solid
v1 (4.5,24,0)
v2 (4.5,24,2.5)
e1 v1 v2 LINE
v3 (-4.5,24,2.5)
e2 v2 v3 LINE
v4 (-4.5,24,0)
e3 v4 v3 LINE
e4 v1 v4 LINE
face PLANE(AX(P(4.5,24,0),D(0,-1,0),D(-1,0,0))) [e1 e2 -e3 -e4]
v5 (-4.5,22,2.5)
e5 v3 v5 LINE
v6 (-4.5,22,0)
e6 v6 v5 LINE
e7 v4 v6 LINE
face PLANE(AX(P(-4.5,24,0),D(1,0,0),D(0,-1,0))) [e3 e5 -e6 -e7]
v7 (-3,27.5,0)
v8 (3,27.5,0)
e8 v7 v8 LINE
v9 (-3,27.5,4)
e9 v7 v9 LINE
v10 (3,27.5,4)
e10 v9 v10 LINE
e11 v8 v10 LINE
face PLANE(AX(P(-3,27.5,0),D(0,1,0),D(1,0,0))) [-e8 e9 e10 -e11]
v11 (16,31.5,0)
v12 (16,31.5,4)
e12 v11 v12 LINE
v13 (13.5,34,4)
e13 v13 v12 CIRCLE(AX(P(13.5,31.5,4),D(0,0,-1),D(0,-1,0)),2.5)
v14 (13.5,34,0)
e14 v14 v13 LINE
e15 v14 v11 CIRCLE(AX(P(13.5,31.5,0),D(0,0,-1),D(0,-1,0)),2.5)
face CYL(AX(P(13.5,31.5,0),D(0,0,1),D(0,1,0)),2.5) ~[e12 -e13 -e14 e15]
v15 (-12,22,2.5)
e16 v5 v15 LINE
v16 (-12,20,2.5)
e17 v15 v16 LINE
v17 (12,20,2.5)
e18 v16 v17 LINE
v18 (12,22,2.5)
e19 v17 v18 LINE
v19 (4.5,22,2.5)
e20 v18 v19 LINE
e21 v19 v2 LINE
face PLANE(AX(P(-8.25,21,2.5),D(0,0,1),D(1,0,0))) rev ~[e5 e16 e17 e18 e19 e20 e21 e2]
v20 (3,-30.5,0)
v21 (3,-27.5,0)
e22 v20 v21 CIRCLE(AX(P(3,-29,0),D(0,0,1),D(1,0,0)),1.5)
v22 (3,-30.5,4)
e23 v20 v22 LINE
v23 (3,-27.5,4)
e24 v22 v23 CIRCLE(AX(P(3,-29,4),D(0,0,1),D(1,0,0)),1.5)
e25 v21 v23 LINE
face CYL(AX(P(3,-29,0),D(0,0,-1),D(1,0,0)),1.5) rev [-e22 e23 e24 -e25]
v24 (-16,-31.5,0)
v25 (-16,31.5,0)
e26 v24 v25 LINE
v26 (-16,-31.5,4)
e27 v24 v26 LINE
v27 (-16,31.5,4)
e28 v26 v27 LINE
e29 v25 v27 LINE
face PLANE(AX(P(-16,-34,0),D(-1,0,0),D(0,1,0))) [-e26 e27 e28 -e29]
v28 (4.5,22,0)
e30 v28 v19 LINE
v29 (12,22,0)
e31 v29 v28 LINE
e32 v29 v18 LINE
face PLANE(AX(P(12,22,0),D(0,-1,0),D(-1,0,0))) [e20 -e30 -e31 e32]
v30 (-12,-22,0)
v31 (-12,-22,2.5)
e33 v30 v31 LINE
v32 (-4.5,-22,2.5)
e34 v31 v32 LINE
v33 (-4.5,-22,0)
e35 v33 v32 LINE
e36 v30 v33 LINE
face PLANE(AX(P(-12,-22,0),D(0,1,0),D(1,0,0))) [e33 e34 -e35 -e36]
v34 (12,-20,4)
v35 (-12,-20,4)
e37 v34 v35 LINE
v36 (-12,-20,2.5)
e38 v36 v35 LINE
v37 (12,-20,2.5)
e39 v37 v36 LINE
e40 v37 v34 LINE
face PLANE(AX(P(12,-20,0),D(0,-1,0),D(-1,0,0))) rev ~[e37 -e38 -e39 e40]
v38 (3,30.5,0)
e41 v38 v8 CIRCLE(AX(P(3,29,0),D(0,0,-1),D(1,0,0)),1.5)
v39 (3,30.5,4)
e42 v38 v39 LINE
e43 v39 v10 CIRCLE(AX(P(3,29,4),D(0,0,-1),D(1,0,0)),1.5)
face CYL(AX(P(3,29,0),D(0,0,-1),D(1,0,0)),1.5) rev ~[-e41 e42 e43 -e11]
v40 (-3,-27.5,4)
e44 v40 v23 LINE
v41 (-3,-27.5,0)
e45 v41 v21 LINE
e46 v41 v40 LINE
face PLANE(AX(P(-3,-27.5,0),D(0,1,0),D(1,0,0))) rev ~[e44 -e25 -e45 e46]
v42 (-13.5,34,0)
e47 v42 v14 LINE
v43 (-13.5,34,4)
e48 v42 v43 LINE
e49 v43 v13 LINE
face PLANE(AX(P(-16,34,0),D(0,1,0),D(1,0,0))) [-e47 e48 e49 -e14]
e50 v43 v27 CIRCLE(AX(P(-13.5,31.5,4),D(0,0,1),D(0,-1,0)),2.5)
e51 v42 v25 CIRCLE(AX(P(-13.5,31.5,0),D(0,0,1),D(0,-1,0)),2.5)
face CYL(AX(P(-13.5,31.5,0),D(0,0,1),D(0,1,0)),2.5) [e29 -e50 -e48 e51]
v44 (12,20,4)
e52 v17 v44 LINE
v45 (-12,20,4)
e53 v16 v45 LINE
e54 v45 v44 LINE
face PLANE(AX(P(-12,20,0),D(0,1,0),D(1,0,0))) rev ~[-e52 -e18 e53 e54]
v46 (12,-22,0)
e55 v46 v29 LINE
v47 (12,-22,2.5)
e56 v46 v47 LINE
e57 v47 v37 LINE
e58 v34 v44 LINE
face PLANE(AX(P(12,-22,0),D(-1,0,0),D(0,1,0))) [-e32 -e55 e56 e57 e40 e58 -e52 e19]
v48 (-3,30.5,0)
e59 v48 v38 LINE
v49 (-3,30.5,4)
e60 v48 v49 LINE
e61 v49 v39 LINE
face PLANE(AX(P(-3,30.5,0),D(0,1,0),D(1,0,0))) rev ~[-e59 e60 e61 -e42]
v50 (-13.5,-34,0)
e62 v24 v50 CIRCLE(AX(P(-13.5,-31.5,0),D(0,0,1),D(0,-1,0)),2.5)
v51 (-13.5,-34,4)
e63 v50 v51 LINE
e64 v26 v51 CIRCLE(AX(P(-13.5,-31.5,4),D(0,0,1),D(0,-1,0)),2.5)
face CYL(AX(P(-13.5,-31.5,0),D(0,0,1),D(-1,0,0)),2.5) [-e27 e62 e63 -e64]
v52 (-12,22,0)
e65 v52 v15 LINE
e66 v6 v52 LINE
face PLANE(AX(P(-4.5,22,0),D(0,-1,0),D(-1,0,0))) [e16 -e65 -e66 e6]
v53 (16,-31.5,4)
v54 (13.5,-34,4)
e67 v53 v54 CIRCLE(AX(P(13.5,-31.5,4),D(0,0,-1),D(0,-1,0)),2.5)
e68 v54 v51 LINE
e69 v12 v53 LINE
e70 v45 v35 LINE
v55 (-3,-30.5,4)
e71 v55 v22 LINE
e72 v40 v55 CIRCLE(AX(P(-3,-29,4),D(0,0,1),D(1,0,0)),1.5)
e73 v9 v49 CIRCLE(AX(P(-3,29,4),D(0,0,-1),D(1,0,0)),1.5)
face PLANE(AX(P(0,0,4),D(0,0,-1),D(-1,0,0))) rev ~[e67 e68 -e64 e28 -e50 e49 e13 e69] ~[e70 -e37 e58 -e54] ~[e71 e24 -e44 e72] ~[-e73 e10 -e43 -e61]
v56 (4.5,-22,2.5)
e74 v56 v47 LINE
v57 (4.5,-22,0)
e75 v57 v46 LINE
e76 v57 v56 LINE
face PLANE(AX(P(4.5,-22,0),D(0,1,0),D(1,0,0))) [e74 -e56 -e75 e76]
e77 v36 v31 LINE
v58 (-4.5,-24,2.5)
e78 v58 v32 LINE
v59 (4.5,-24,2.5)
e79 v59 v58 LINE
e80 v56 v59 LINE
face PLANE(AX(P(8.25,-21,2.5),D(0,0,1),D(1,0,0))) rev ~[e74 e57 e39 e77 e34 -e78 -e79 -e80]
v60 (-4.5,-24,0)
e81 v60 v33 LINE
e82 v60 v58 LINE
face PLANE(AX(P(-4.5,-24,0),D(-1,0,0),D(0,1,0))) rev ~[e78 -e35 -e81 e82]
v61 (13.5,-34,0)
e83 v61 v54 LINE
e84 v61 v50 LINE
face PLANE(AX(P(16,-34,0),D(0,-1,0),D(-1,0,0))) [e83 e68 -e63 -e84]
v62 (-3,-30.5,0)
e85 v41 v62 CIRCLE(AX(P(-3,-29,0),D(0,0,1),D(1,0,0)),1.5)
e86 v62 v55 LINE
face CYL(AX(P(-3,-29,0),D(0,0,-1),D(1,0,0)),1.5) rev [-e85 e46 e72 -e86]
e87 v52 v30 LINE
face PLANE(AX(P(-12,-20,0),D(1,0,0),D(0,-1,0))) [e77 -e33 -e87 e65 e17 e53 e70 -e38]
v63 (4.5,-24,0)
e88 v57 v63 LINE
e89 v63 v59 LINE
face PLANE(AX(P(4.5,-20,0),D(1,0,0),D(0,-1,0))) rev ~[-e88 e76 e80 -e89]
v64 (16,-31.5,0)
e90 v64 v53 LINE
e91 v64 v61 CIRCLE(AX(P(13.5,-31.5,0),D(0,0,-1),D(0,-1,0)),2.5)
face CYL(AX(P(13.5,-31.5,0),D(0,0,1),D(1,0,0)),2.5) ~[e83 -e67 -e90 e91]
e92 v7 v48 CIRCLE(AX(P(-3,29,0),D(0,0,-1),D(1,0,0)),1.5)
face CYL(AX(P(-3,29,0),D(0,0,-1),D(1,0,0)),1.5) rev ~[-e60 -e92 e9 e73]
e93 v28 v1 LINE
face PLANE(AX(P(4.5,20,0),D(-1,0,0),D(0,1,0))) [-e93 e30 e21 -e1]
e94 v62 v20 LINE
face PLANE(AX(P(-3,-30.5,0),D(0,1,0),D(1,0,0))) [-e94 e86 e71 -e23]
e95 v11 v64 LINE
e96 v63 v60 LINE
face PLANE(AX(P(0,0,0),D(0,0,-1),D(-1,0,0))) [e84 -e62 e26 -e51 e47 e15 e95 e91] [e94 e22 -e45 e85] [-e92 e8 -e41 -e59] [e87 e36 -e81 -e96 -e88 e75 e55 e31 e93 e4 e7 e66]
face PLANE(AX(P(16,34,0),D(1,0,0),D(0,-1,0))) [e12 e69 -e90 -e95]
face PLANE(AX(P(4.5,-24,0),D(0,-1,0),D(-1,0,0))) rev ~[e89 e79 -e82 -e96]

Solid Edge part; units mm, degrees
sketch "Sketch1" plane through (0, 0, 0) normal (0, 0, 1) x (1, 0, 0)
  line L0 (-16, 34) -> (16, 34)
  line L1 (16, 34) -> (16, -34)
  line L2 (16, -34) -> (-16, -34)
  line L3 (-16, -34) -> (-16, 34)
  line L4 (-3, 27.5) -> (3, 27.5)
  line L5 (-3, 30.5) -> (3, 30.5)
  arc A0 (3, 30.5) -> (3, 27.5) centre (3, 29) cw
  arc A1 (-3, 27.5) -> (-3, 30.5) centre (-3, 29) cw
  arc A2 (3, -30.5) -> (3, -27.5) centre (3, -29) ccw
  line L6 (-3, -27.5) -> (3, -27.5)
  arc A3 (-3, -27.5) -> (-3, -30.5) centre (-3, -29) ccw
  line L7 (-3, -30.5) -> (3, -30.5)
  line L8 (-12, 20) -> (12, 20)
  line L9 (12, -20) -> (12, 20)
  line L10 (12, -20) -> (-12, -20)
  line L11 (-12, 20) -> (-12, -20)
extrude "Protrusion1" add sketch "Sketch1" along normal blind 4
sketch "Sketch2" plane through (0, 0, 0) normal (0, 0, 1) x (1, 0, 0)
  line L0 (4.5, 24) -> (-4.5, 24)
  line L1 (-4.5, 24) -> (-4.5, 20)
  line L2 (-4.5, 20) -> (4.5, 20)
  line L3 (4.5, 20) -> (4.5, 24)
extrude "ExtrudedCutout_3" cut sketch "Sketch2" along normal blind 2.5
fillet "Round_2" radius 2.5 4 edges at (16, 34, 2) (-16, 34, 2) (-16, -34, 2) (16, -34, 2)
sketch "Sketch3" plane through (0, 0, 0) normal (0, 0, 1) x (1, 0, 0)
  line L0 (4.5, -24) -> (-4.5, -24)
  line L1 (-4.5, -24) -> (-4.5, -20)
  line L2 (-4.5, -20) -> (4.5, -20)
  line L3 (4.5, -20) -> (4.5, -24)
extrude "Cutout1" cut sketch "Sketch3" along normal up to vertex (2.5 mm away)
sketch "Sketch4" plane through (0, 0, 0) normal (0, 0, -1) x (-1, 0, 0)
  line L0 (4.5, 22) -> (12, 22)
  line L1 (12, 22) -> (12, 20)
  line L2 (12, 20) -> (4.5, 20)
  line L3 (4.5, 20) -> (4.5, 22)
  line L4 (-12, 22) -> (-4.5, 22)
  line L5 (-4.5, 22) -> (-4.5, 20)
  line L6 (-4.5, 20) -> (-12, 20)
  line L7 (-12, 20) -> (-12, 22)
  line L8 (12, -22) -> (4.5, -22)
  line L9 (4.5, -22) -> (4.5, -20)
  line L10 (4.5, -20) -> (12, -20)
  line L11 (12, -20) -> (12, -22)
  line L12 (-12, -20) -> (-4.5, -20)
  line L13 (-4.5, -20) -> (-4.5, -22)
  line L14 (-4.5, -22) -> (-12, -22)
  line L15 (-12, -22) -> (-12, -20)
extrude "Cutout2" cut sketch "Sketch4" against normal up to vertex (2.5 mm away)
